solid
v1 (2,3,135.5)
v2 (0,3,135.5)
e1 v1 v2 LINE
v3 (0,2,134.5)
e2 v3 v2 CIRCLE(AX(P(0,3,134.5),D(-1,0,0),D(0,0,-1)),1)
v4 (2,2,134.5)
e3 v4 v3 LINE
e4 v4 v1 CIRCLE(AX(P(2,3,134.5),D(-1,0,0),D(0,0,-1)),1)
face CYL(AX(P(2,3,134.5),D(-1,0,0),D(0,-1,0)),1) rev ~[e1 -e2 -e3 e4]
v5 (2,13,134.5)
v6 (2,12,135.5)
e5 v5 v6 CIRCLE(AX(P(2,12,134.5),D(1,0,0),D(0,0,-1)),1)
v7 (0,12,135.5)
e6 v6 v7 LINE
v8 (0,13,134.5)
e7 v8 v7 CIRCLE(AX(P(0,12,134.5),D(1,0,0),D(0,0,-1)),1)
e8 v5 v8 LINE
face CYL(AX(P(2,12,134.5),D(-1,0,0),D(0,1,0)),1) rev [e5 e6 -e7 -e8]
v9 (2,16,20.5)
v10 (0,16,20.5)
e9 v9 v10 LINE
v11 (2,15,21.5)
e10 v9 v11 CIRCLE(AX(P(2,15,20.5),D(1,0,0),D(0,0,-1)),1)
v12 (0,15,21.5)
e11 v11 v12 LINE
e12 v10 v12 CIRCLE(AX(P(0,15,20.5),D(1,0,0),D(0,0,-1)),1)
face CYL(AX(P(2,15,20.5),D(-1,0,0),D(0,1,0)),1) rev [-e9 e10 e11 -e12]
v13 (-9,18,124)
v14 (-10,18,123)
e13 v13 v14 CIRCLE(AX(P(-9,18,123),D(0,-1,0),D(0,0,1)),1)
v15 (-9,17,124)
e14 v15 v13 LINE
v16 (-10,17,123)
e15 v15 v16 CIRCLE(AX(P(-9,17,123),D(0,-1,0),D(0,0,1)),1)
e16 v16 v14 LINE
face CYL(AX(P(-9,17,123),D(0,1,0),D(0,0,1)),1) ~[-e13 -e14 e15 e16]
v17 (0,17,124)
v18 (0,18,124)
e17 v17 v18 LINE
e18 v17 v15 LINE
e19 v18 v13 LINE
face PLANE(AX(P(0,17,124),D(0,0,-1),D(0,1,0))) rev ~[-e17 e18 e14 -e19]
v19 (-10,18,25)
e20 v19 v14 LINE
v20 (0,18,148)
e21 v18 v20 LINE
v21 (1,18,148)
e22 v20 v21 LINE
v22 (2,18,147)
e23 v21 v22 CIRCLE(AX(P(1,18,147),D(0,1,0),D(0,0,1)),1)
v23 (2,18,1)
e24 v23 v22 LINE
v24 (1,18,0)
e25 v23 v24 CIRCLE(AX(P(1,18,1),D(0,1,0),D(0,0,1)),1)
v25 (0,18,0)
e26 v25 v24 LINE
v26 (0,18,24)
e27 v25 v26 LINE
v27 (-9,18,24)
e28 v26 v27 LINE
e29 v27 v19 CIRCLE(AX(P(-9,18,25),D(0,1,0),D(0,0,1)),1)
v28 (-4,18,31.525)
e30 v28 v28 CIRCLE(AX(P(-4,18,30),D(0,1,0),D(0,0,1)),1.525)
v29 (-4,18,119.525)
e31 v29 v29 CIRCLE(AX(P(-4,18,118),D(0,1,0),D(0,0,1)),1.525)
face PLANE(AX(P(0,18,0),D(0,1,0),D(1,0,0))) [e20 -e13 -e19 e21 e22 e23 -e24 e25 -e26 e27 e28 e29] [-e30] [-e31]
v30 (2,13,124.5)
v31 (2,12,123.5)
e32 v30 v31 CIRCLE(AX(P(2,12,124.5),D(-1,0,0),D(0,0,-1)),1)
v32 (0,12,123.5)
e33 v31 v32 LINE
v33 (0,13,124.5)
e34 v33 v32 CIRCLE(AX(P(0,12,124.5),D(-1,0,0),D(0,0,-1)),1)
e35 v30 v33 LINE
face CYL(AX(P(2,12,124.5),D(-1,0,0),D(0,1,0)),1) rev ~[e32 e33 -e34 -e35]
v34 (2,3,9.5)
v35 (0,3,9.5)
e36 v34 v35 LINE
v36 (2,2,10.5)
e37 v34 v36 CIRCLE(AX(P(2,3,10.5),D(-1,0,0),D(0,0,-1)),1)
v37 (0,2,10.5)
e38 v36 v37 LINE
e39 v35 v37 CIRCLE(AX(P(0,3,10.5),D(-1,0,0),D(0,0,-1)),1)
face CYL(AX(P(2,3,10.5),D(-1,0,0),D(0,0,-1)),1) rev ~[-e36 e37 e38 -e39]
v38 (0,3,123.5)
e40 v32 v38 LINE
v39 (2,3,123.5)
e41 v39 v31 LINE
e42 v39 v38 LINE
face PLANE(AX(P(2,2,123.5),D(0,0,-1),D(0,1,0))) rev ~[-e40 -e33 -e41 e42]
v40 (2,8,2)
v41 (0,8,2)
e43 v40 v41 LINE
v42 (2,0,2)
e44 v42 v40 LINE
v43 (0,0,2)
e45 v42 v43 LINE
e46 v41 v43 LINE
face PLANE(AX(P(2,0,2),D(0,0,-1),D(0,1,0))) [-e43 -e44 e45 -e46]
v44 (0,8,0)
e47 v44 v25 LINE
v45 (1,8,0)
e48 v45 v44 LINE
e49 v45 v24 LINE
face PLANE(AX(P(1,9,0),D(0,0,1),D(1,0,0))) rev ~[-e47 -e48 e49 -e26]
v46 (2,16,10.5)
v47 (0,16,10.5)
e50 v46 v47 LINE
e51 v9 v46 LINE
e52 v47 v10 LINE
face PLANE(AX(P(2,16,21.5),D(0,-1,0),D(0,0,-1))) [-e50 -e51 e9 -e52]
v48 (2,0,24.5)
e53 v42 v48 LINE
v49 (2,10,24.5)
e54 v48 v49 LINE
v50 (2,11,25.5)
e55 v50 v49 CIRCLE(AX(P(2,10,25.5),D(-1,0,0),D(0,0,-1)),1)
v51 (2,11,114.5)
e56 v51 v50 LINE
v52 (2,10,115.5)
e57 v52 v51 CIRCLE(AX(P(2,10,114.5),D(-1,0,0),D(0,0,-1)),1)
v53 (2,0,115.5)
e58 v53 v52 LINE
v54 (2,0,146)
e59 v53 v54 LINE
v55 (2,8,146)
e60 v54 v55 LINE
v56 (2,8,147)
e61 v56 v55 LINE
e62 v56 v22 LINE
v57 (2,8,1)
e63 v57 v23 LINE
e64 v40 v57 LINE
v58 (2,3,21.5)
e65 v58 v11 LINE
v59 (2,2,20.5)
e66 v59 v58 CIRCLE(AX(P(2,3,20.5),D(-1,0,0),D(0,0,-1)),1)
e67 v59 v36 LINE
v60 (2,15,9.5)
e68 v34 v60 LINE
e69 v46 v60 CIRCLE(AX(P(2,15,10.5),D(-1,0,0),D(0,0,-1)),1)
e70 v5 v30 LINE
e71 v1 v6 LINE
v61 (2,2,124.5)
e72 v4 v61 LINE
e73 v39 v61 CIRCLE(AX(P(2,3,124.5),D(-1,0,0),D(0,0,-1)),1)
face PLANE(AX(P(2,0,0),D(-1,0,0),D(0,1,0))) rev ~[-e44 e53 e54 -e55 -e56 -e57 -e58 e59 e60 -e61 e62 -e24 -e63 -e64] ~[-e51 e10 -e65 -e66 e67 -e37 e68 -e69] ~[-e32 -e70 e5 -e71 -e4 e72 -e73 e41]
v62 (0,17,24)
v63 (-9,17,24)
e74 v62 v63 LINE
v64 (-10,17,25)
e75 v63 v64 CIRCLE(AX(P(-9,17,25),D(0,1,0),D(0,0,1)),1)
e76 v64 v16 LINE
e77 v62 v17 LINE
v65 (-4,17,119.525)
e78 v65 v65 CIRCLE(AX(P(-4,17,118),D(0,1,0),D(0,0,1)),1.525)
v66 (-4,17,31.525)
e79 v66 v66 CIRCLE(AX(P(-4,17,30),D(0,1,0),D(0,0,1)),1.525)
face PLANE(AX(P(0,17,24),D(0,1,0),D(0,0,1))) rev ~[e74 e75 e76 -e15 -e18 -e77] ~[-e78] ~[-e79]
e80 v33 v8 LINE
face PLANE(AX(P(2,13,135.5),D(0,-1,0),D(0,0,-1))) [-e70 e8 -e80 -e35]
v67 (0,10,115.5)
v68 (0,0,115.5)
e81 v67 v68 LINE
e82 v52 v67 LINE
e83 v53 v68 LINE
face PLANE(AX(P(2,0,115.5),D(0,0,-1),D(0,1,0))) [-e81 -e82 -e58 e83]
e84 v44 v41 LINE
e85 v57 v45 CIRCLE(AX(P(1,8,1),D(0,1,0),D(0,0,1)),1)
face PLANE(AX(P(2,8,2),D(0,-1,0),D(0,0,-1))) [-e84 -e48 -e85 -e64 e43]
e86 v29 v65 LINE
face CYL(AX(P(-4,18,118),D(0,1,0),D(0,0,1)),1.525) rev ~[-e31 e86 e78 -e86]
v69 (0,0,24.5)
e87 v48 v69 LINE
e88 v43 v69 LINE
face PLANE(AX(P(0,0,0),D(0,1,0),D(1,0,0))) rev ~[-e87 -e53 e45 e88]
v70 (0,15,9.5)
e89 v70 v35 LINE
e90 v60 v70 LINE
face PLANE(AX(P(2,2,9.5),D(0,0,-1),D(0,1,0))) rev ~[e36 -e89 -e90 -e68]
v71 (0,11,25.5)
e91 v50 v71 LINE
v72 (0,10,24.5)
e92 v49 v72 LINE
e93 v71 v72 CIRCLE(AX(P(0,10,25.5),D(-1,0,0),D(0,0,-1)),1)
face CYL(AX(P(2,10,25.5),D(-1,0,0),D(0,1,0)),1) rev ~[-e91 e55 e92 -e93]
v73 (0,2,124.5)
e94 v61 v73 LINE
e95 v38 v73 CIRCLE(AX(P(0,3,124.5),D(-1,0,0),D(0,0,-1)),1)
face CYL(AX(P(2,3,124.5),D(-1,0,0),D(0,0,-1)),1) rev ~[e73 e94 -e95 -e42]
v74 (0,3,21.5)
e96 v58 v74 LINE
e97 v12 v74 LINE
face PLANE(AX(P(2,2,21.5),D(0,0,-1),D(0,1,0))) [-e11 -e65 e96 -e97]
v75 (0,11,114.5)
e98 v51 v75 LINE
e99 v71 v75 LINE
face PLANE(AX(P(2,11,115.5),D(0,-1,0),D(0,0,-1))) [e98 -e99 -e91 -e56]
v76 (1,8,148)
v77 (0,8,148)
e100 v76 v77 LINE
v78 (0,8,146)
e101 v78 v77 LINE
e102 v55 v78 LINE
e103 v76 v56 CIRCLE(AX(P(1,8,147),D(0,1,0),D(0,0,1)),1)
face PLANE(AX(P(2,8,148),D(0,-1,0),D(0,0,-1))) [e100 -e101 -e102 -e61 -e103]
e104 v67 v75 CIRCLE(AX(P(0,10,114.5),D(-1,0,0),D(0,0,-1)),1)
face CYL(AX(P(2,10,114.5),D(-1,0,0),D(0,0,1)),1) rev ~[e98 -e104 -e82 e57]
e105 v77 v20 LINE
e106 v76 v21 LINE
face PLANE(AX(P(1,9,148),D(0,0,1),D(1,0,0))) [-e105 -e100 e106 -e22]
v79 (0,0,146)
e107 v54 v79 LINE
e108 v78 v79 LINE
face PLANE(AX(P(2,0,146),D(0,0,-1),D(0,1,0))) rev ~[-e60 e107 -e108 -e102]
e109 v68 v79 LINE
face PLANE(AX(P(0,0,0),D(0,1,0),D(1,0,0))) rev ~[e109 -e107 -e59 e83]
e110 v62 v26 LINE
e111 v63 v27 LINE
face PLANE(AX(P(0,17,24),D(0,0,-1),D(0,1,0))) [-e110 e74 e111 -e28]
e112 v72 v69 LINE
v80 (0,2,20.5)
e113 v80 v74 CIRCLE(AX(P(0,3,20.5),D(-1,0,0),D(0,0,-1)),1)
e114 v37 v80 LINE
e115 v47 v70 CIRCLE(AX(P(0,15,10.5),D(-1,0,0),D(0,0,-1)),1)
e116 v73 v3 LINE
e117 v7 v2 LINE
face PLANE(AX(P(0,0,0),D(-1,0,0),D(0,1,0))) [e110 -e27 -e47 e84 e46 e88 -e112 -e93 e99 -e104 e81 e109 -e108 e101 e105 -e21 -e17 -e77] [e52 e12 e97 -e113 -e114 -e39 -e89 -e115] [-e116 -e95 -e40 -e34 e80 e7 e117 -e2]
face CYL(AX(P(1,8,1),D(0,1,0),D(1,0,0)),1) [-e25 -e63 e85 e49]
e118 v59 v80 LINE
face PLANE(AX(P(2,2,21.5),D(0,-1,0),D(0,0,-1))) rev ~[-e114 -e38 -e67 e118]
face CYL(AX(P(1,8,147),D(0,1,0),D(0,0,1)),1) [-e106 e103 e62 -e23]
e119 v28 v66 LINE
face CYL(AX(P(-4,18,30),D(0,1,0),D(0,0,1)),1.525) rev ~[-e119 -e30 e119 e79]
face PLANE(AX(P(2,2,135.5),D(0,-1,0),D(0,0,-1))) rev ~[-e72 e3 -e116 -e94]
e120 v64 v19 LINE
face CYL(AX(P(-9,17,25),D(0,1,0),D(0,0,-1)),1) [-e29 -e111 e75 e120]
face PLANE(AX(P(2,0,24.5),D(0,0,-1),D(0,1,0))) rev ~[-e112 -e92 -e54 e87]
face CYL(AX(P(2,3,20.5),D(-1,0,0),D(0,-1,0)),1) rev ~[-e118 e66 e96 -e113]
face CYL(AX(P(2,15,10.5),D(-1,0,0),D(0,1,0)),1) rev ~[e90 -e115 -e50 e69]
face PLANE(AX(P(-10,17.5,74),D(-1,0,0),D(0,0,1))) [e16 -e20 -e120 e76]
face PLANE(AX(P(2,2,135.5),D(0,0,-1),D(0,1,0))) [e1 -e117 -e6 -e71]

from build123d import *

# Parameters (mm, degrees)
SKETCH_1_W          = 2
SKETCH_1_H          = 18
EXTRUDE_1_DEPTH     = 148
SKETCH_4_W          = 2
SKETCH_4_H          = 8
CUT_EXTRUDE_1_DEPTH = 150.103990557
SKETCH_8_W          = 100
SKETCH_8_H          = 1
EXTRUDE_5_DEPTH     = 10
SKETCH_9_R          = 1.525
CUT_EXTRUDE_3_DEPTH = 150.425566755
SKETCH_10_W         = 12
SKETCH_10_H         = 14
SKETCH_10_W_2       = 91
SKETCH_10_H_2       = 11
CUT_EXTRUDE_4_DEPTH = 150.572724786
FILLET_1_R          = 1
FILLET_2_R          = 1
FILLET_3_R          = 1
FILLET_4_R          = 1
FILLET_5_R          = 1
FILLET_7_R          = 1


with BuildPart() as part:
    # 草图1 → 凸台-拉伸1 (new body)
    with BuildSketch(Plane.XY):
        with Locations((1, 9)):
            Rectangle(SKETCH_1_W, SKETCH_1_H)
    extrude(amount=EXTRUDE_1_DEPTH)

    # 草图4 → 切除-拉伸1 (cut, through all)
    with BuildSketch(Plane(origin=(2, 0, 0), x_dir=(0, 0, -1), z_dir=(1, 0, 0))):
        with Locations((-1, 4)):
            Rectangle(SKETCH_4_W, SKETCH_4_H)
        with Locations((-147, 4)):
            Rectangle(SKETCH_4_W, SKETCH_4_H)
    extrude(amount=-CUT_EXTRUDE_1_DEPTH, mode=Mode.SUBTRACT)

    # 草图8 → 凸台-拉伸5 (add)
    with BuildSketch(Plane.ZY):
        with Locations((74, 17.5)):
            Rectangle(SKETCH_8_W, SKETCH_8_H)
    extrude(amount=EXTRUDE_5_DEPTH)

    # 草图9 → 切除-拉伸3 (cut, through all)
    with BuildSketch(Plane(origin=(0, 18, 0), x_dir=(1, 0, 0), z_dir=(0, 1, 0))):
        with Locations(Location((-4, -30, 0), (0, 0, 270))):
            Circle(SKETCH_9_R)
        with Locations(Location((-4, -118, 0), (0, 0, 270))):
            Circle(SKETCH_9_R)
    extrude(amount=-CUT_EXTRUDE_3_DEPTH, mode=Mode.SUBTRACT)

    # 草图10 → 切除-拉伸4 (cut, through all)
    with BuildSketch(Plane(origin=(2, 0, 0), x_dir=(0, 0, -1), z_dir=(1, 0, 0))):
        with Locations((-15.5, 9)):
            Rectangle(SKETCH_10_W, SKETCH_10_H)
        with Locations((-70, 5.5)):
            Rectangle(SKETCH_10_W_2, SKETCH_10_H_2)
        with Locations((-129.5, 7.5)):
            Rectangle(SKETCH_10_W, SKETCH_10_H_2)
    extrude(amount=-CUT_EXTRUDE_4_DEPTH, mode=Mode.SUBTRACT)

    # 圆角1
    fillet_1_edges = [part.edges().sort_by_distance(p)[0] for p in [
        (-10, 17.5, 24),
        (-10, 17.5, 124),
    ]]
    fillet(fillet_1_edges, radius=FILLET_1_R)

    # 圆角2
    fillet_2_edges = [part.edges().sort_by_distance(p)[0] for p in [
        (1, 11, 115.5),
        (1, 11, 24.5),
    ]]
    fillet(fillet_2_edges, radius=FILLET_2_R)

    # 圆角3
    fillet_3_edges = [part.edges().sort_by_distance(p)[0] for p in [
        (1, 2, 21.5),
        (1, 16, 21.5),
        (1, 16, 9.5),
        (1, 2, 9.5),
    ]]
    fillet(fillet_3_edges, radius=FILLET_3_R)

    # 圆角4
    fillet_4_edges = [part.edges().sort_by_distance(p)[0] for p in [
        (1, 13, 123.5),
        (1, 2, 123.5),
        (1, 2, 135.5),
        (1, 13, 135.5),
    ]]
    fillet(fillet_4_edges, radius=FILLET_4_R)

    # 圆角5
    fillet_5_edges = [part.edges().sort_by_distance(p)[0] for p in [
        (2, 13, 148),
    ]]
    fillet(fillet_5_edges, radius=FILLET_5_R)

    # 圆角7
    fillet_7_edges = [part.edges().sort_by_distance(p)[0] for p in [
        (2, 13, 0),
    ]]
    fillet(fillet_7_edges, radius=FILLET_7_R)


solid = part.part
